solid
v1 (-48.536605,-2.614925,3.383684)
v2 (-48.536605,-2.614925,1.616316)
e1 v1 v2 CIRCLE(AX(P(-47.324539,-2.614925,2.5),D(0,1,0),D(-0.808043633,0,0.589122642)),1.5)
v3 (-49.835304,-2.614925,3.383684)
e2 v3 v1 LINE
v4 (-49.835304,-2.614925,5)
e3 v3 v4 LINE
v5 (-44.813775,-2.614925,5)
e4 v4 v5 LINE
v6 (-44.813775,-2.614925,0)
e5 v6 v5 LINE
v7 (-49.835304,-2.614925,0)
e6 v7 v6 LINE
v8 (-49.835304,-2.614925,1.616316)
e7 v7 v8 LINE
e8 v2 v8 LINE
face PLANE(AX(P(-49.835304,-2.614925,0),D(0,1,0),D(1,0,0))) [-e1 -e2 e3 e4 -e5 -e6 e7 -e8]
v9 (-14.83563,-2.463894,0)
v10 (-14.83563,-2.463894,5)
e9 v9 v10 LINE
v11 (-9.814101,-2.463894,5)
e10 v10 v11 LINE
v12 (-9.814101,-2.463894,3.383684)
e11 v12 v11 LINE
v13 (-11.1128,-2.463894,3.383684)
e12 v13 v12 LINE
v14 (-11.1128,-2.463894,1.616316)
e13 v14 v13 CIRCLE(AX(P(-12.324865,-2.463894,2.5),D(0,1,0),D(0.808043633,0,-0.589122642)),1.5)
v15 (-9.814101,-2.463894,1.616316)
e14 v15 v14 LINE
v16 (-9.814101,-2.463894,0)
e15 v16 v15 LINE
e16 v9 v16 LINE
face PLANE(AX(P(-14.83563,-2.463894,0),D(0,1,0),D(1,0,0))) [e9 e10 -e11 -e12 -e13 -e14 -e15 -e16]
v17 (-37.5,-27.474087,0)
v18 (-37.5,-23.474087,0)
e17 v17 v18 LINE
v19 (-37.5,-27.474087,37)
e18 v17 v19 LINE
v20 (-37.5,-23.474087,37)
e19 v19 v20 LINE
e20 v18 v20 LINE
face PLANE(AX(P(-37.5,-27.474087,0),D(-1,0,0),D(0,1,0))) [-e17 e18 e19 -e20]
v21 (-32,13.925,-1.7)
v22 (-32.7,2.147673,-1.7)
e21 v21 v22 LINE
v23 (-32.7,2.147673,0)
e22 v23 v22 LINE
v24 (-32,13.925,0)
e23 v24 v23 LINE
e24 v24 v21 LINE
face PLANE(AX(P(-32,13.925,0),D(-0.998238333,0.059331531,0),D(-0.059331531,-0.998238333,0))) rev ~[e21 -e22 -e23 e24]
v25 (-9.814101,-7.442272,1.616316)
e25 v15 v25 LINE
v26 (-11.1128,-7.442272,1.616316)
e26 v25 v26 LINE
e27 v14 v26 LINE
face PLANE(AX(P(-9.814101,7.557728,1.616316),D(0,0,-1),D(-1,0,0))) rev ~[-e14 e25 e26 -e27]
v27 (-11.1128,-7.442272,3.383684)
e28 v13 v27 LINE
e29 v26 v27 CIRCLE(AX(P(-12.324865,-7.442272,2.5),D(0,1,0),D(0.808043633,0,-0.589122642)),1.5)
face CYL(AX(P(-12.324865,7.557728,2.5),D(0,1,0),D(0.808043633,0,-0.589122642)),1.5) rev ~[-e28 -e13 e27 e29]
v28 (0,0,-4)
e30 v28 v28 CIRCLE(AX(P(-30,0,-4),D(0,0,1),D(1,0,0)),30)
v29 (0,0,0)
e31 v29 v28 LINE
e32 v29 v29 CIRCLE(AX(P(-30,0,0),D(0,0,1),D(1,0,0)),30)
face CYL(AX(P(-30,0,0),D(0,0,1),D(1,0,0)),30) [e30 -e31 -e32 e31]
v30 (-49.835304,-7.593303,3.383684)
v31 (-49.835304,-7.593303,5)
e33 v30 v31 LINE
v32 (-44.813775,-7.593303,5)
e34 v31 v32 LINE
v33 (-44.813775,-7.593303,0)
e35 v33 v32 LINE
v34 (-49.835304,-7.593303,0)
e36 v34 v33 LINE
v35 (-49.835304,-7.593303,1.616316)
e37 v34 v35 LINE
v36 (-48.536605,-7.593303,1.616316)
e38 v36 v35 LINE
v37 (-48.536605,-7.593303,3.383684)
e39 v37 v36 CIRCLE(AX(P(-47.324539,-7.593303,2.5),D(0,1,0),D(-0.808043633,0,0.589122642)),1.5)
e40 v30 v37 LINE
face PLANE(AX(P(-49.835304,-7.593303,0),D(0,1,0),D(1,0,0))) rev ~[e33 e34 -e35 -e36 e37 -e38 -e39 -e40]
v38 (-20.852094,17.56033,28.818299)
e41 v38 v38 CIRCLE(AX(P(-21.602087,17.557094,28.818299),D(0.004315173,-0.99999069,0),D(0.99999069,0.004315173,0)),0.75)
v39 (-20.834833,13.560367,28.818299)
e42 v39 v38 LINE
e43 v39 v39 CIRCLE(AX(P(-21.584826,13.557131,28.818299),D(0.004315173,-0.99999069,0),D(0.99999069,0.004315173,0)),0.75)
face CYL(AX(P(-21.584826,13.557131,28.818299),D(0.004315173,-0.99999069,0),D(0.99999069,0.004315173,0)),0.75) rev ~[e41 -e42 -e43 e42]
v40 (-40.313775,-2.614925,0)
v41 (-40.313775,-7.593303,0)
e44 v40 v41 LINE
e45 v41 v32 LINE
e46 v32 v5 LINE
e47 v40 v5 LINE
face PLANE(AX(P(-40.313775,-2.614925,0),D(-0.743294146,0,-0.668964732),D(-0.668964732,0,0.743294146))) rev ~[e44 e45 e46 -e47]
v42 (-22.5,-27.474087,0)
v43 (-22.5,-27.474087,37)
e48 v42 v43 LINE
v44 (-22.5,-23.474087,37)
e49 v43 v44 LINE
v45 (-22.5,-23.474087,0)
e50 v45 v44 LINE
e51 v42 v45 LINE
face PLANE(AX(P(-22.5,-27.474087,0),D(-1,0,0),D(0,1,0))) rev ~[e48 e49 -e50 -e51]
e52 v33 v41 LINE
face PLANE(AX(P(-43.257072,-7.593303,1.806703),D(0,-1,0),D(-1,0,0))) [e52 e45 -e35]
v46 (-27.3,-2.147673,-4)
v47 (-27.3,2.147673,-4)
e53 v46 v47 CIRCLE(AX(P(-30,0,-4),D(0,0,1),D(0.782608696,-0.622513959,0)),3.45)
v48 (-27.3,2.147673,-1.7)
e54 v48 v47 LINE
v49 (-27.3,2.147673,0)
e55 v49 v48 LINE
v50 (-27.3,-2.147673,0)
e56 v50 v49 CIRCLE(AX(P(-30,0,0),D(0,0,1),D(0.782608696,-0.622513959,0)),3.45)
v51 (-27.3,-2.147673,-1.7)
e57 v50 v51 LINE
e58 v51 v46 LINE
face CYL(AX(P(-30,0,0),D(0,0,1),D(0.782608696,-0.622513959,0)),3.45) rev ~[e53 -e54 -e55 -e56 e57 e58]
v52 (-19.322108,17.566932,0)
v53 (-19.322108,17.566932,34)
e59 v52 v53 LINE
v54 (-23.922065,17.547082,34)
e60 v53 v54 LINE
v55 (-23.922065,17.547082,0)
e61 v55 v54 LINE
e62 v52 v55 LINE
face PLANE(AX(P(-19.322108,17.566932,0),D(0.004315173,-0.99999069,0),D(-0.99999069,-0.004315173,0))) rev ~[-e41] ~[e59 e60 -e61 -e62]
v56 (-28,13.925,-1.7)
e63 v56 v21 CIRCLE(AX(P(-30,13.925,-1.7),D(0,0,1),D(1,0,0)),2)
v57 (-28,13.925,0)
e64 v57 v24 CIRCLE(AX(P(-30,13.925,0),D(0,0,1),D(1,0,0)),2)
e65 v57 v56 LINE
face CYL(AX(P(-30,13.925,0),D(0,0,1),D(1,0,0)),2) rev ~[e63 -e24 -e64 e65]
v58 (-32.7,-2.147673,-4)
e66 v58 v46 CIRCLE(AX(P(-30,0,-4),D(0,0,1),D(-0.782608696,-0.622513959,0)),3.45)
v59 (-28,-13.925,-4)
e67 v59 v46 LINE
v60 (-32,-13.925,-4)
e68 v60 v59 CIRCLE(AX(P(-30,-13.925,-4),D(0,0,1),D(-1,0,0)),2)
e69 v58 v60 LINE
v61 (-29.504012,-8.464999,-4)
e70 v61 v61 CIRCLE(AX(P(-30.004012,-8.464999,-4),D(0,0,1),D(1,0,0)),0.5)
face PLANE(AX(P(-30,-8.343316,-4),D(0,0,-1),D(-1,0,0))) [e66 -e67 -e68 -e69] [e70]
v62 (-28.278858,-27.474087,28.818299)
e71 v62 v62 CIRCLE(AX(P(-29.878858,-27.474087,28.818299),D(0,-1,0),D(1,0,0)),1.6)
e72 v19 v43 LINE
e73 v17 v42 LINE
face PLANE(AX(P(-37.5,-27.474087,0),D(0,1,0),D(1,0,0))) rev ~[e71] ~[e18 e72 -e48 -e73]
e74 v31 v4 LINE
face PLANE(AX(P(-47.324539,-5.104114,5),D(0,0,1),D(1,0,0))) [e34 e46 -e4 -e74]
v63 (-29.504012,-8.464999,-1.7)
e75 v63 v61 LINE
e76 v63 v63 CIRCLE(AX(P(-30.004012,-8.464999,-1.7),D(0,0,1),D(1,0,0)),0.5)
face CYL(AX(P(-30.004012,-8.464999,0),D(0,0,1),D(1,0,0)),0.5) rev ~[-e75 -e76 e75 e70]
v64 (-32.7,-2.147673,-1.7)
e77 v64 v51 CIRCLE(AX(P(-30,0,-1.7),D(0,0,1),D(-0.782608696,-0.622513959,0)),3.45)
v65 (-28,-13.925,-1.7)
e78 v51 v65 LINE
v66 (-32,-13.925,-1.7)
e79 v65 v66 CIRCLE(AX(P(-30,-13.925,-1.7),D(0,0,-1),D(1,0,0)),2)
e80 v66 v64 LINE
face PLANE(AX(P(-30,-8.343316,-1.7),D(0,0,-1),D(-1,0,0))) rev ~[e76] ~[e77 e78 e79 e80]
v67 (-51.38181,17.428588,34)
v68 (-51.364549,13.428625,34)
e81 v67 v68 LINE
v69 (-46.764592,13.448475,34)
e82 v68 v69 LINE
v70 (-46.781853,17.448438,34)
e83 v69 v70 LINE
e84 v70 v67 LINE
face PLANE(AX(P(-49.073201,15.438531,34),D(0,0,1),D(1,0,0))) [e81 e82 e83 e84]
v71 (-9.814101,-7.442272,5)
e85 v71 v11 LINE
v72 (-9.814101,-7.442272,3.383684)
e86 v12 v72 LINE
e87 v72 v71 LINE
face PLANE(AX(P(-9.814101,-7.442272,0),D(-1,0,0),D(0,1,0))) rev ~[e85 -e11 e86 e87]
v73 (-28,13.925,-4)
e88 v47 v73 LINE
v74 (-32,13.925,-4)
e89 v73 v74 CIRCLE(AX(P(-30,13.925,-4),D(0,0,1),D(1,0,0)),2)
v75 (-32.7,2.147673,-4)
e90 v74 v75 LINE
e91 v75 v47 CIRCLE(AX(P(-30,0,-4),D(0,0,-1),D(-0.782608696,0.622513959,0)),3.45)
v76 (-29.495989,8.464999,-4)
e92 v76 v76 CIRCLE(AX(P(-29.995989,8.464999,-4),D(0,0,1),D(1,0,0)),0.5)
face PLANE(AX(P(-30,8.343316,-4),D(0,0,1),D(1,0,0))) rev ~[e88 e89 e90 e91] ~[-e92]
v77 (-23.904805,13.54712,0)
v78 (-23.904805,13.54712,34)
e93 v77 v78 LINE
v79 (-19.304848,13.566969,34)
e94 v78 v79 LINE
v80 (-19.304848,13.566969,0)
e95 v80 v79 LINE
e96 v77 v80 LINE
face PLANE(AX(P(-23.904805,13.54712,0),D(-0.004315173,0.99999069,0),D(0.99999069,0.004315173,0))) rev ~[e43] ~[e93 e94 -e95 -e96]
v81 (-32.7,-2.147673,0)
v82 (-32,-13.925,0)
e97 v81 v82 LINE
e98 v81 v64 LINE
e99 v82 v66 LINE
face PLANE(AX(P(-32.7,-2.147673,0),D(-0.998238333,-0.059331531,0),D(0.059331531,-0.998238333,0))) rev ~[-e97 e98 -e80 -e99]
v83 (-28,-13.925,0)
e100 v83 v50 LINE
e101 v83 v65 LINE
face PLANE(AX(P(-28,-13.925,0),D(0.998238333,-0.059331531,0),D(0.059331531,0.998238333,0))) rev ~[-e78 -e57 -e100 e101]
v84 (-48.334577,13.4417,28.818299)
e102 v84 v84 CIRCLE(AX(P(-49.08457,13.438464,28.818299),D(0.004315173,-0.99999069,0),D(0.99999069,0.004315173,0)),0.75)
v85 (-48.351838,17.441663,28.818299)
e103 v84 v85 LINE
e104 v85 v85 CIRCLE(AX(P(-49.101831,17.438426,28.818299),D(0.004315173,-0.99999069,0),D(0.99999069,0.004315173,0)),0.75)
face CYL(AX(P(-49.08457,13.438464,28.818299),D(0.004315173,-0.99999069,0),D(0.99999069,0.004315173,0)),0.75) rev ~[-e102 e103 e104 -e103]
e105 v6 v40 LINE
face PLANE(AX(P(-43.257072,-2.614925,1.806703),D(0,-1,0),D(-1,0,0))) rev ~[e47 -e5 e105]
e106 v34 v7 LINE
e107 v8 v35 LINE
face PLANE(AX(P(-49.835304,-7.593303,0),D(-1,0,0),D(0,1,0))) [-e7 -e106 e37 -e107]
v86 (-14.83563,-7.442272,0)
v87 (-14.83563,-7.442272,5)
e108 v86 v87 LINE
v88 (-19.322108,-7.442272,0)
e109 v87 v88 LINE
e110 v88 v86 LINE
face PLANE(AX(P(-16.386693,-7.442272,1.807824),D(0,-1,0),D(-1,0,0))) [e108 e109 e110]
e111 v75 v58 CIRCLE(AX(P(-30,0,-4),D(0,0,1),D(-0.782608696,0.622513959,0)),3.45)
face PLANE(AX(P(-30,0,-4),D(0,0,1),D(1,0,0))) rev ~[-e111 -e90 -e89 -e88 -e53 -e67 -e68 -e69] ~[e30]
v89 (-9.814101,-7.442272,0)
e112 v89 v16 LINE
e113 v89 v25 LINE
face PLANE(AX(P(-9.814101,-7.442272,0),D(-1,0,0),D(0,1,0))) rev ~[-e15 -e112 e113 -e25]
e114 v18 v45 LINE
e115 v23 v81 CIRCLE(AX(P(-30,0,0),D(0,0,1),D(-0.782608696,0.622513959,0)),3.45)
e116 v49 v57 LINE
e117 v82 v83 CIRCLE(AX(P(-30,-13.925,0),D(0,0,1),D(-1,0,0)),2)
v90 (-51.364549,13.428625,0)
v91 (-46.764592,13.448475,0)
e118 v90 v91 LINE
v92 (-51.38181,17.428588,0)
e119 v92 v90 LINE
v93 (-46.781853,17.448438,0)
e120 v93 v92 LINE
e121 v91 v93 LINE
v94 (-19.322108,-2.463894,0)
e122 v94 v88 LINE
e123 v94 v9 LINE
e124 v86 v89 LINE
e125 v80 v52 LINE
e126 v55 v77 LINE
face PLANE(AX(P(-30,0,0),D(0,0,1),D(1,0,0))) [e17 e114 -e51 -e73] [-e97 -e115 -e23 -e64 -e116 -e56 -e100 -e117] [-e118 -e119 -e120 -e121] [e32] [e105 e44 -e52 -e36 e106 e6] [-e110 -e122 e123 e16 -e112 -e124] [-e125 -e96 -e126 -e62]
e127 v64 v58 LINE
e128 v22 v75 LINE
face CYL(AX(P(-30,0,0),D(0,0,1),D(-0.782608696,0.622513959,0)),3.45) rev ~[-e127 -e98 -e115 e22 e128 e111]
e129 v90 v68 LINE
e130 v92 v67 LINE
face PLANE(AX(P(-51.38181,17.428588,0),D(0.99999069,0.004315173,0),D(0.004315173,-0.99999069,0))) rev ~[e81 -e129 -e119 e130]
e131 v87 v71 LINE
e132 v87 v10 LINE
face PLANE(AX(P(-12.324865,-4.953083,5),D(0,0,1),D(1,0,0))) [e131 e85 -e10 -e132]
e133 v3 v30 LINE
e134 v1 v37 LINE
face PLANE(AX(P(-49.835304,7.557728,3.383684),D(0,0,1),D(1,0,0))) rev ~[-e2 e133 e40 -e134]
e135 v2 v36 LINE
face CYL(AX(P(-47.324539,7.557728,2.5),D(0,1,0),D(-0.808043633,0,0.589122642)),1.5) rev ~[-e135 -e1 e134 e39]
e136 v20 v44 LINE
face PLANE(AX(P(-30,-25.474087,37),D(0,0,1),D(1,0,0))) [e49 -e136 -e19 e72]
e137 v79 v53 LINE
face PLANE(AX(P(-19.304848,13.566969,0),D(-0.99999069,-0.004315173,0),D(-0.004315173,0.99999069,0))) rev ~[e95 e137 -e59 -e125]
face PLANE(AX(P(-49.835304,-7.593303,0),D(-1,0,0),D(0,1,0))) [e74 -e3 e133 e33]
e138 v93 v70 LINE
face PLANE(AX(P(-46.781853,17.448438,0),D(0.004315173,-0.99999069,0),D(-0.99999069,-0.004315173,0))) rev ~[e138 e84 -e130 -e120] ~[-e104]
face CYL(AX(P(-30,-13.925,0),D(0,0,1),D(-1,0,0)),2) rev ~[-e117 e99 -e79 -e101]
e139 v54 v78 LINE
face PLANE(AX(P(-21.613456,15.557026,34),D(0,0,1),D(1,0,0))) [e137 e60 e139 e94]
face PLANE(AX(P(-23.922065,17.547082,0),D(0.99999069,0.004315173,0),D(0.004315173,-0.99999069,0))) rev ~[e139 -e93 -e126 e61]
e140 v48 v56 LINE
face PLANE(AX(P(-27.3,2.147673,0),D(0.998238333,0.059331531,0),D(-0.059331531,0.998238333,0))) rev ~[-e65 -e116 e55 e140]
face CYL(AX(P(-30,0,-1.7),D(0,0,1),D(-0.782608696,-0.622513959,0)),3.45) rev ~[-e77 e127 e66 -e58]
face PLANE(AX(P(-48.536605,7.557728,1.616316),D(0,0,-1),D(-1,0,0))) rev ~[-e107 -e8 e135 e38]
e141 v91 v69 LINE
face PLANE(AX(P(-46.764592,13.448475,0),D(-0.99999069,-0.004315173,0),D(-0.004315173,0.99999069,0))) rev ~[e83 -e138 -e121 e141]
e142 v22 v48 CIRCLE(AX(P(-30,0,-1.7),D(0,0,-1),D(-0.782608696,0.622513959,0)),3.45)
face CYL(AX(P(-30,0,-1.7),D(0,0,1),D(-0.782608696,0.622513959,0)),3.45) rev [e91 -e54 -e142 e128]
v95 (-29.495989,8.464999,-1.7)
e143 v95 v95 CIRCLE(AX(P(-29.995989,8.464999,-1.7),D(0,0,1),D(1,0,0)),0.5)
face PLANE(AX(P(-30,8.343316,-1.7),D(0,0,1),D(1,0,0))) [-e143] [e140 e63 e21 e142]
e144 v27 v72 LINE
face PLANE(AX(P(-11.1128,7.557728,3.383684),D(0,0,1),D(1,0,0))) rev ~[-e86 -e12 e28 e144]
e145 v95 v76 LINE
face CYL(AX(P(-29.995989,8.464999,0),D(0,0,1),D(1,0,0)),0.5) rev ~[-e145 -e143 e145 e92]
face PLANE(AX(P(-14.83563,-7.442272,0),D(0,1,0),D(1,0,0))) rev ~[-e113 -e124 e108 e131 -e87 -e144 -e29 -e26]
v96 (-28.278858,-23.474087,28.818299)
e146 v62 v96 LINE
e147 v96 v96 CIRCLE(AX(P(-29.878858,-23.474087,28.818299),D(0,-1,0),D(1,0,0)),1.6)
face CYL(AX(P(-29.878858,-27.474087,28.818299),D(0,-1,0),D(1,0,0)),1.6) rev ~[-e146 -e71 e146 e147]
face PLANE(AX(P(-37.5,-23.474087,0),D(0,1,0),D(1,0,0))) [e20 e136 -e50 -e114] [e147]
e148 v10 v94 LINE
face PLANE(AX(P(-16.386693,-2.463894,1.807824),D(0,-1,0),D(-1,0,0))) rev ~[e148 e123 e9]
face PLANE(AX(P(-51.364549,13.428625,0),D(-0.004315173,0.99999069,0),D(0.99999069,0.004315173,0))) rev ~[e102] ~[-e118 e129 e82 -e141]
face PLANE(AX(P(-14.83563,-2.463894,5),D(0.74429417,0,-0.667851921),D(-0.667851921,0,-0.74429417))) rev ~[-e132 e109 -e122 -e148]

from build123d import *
from build123d.topology import SkipClean

# Parameters (mm, degrees)
SKETCH1_R               = 30
BOSS_EXTRUDE1_DEPTH     = 4
CUT_EXTRUDE1_DEPTH      = 68.201190865
BOSS_EXTRUDE2_START     = -2.3
BOSS_EXTRUDE2_DEPTH     = 2.3
BOSS_EXTRUDE3_DEPTH     = 34
SKETCH5_R               = 0.75
CUT_EXTRUDE2_DEPTH      = 82.573644151
SKETCH6_R               = 0.500000007
SKETCH6_R_2             = 0.5
CUT_EXTRUDE3_DEPTH      = 10
SKETCH7_W               = 15
SKETCH7_H               = 4
BOSS_EXTRUDE4_DEPTH     = 37
SKETCH8_R               = 1.6
CUT_EXTRUDE4_DEPTH      = 37
SKETCH9_W               = 5.021529313
SKETCH9_H               = 4.978377583
SKETCH9_H_2             = 4.978377584
BOSS_EXTRUDE5_DEPTH     = 5
CUT_EXTRUDE5_DEPTH      = 5
CUT_EXTRUDE5_DEPTH_BACK = 15
BOSS_EXTRUDE6_DEPTH     = 4.978377584
BOSS_EXTRUDE7_DEPTH     = 4.978377584


with BuildPart() as part:
    # Sketch1 → Boss-Extrude1 (new body)
    with BuildSketch(Plane.XY):
        with Locations((-30.000000447, 0)):
            Circle(SKETCH1_R)
    extrude(amount=-BOSS_EXTRUDE1_DEPTH)

    # Sketch2 → Cut-Extrude1 (cut, through all)
    with BuildSketch(Plane.XY):
        with BuildLine():
            Line((-32.000000447, 13.925), (-32.700000447, 2.147673159))
            ThreePointArc((-32.700000447, 2.147673159), (-33.450000447, 0), (-32.700000447, -2.147673159))
            Line((-32.700000447, -2.147673159), (-32.000000447, -13.925))
            ThreePointArc((-32.000000447, -13.925), (-30.000000447, -15.925), (-28.000000447, -13.925))
            Line((-28.000000447, -13.925), (-27.300000447, -2.147673159))
            ThreePointArc((-27.300000447, -2.147673159), (-26.550000447, 0), (-27.300000447, 2.147673159))
            Line((-27.300000447, 2.147673159), (-28.000000447, 13.925))
            ThreePointArc((-28.000000447, 13.925), (-30.000000447, 15.925), (-32.000000447, 13.925))
        make_face()
    extrude(amount=-CUT_EXTRUDE1_DEPTH, mode=Mode.SUBTRACT)

    # Sketch3 → Boss-Extrude2 (add)
    with SkipClean():  # the faces are left unmerged after this step: merging them gives an invalid solid
        with BuildSketch(Plane(origin=(0, 0, -4), x_dir=(-1, 0, 0), z_dir=(0, 0, -1)).offset(BOSS_EXTRUDE2_START)):
            with BuildLine():
                Line((27.300000447, -2.147673159), (28.000000447, -13.925))
                ThreePointArc((28.000000447, -13.925), (30.000000447, -15.925), (32.000000447, -13.925))
                Line((32.000000447, -13.925), (32.700000447, -2.147673159))
                ThreePointArc((32.700000447, -2.147673159), (30.000000447, -3.45), (27.300000447, -2.147673159))
            make_face()
            with BuildLine():
                Line((32.000000447, 13.925), (32.700000447, 2.147673159))
                ThreePointArc((32.700000447, 2.147673159), (30.000000447, 3.45), (27.300000447, 2.147673159))
                Line((27.300000447, 2.147673159), (28.000000447, 13.925))
                ThreePointArc((28.000000447, 13.925), (30.000000447, 15.925), (32.000000447, 13.925))
            make_face()
        extrude(amount=BOSS_EXTRUDE2_DEPTH)

    # Sketch4 → Boss-Extrude3 (add)
    with SkipClean():  # the faces are left unmerged after this step: merging them gives an invalid solid
        with BuildSketch(Plane.XY):
            Polygon((-23.904804701, 13.547119626), (-19.304847529, 13.566969421), (-19.32210822, 17.566932179), (-23.922065393, 17.547082384), align=None)
            Polygon((-51.364549038, 13.42862498), (-46.764591865, 13.448474775), (-46.781852557, 17.448437533), (-51.381809729, 17.428587738), align=None)
        extrude(amount=BOSS_EXTRUDE3_DEPTH)

    # Sketch5 → Cut-Extrude2 (cut, through all)
    with SkipClean():  # the faces are left unmerged after this step: merging them gives an invalid solid
        with BuildSketch(Plane(origin=(-0.058902743, 13.650019772, 0), x_dir=(0.999990689598316, 0.004315172845242606, 0), z_dir=(0.004315172845242606, -0.9999906895983162, 0))):
            with Locations((-49.026123975, 28.818298908)):
                Circle(SKETCH5_R)
            with Locations((-21.526123975, 28.818298908)):
                Circle(SKETCH5_R)
        extrude(amount=-CUT_EXTRUDE2_DEPTH, mode=Mode.SUBTRACT)

    # Sketch6 → Cut-Extrude3 (cut)
    with SkipClean():  # the faces are left unmerged after this step: merging them gives an invalid solid
        with BuildSketch(Plane.XY):
            with Locations((-30.004011834, -8.464999042)):
                Circle(SKETCH6_R)
            with Locations((-29.99598906, 8.464999042)):
                Circle(SKETCH6_R_2)
        extrude(amount=-CUT_EXTRUDE3_DEPTH, mode=Mode.SUBTRACT)

    # Sketch7 → Boss-Extrude4 (add)
    with SkipClean():  # the faces are left unmerged after this step: merging them gives an invalid solid
        with BuildSketch(Plane.XY):
            with Locations((-30.000000447, -25.474087185)):
                Rectangle(SKETCH7_W, SKETCH7_H)
        extrude(amount=BOSS_EXTRUDE4_DEPTH)

    # Sketch8 → Cut-Extrude4 (cut)
    with SkipClean():  # the faces are left unmerged after this step: merging them gives an invalid solid
        with BuildSketch(Plane.XZ.offset(27.474087185)):
            with Locations((-29.878857802, 28.818298907)):
                Circle(SKETCH8_R)
        extrude(amount=-CUT_EXTRUDE4_DEPTH, mode=Mode.SUBTRACT)

    # Sketch9 → Boss-Extrude5 (add)
    with SkipClean():  # the faces are left unmerged after this step: merging them gives an invalid solid
        with BuildSketch(Plane.XY):
            with Locations((-12.324865315, -4.953083179)):
                Rectangle(SKETCH9_W, SKETCH9_H)
            with Locations((-47.324539451, -5.104114228)):
                Rectangle(SKETCH9_W, SKETCH9_H_2)
        extrude(amount=BOSS_EXTRUDE5_DEPTH)

    # Sketch11 → Cut-Extrude5 (cut, two sides: drawn at the far end of the back side and taken through both)
    with SkipClean():  # the faces are left unmerged after this step: merging them gives an invalid solid
        with BuildSketch(Plane.XZ.offset(7.44227197).offset(-CUT_EXTRUDE5_DEPTH_BACK)):
            with BuildLine():
                Line((-9.814100658, 1.616316037), (-11.112799865, 1.616316037))
                ThreePointArc((-11.112799865, 1.616316037), (-13.824865315, 2.5), (-11.112799865, 3.383683963))
                Line((-11.112799865, 3.383683963), (-9.814100658, 3.383683963))
                Line((-9.814100658, 3.383683963), (-9.814100658, 1.616316037))
            make_face()
            with BuildLine():
                Line((-49.835304107, 3.383683963), (-48.5366049, 3.383683963))
                ThreePointArc((-48.5366049, 3.383683963), (-45.82453945, 2.5), (-48.5366049, 1.616316037))
                Line((-48.5366049, 1.616316037), (-49.835304107, 1.616316037))
                Line((-49.835304107, 1.616316037), (-49.835304107, 3.383683963))
            make_face()
        extrude(amount=CUT_EXTRUDE5_DEPTH + CUT_EXTRUDE5_DEPTH_BACK, mode=Mode.SUBTRACT)

    # Sketch12 → Boss-Extrude6 (add)
    with SkipClean():  # the faces are left unmerged after this step: merging them gives an invalid solid
        with BuildSketch(Plane(origin=(0, -2.463894387, 0), x_dir=(1, 0, 0), z_dir=(0, 1, 0))):
            Polygon((-14.835629971, -5), (-19.32210822, 0), (-14.835629971, 0), align=None)
        extrude(amount=-BOSS_EXTRUDE6_DEPTH)

    # Sketch13 → Boss-Extrude7 (add)
    with SkipClean():  # the faces are left unmerged after this step: merging them gives an invalid solid
        with BuildSketch(Plane(origin=(0, -2.614925436, 0), x_dir=(1, 0, 0), z_dir=(0, 1, 0))):
            Polygon((-44.813774794, -5), (-44.813774794, 0), (-40.313774794, 0), align=None)
        extrude(amount=-BOSS_EXTRUDE7_DEPTH)


solid = part.part
